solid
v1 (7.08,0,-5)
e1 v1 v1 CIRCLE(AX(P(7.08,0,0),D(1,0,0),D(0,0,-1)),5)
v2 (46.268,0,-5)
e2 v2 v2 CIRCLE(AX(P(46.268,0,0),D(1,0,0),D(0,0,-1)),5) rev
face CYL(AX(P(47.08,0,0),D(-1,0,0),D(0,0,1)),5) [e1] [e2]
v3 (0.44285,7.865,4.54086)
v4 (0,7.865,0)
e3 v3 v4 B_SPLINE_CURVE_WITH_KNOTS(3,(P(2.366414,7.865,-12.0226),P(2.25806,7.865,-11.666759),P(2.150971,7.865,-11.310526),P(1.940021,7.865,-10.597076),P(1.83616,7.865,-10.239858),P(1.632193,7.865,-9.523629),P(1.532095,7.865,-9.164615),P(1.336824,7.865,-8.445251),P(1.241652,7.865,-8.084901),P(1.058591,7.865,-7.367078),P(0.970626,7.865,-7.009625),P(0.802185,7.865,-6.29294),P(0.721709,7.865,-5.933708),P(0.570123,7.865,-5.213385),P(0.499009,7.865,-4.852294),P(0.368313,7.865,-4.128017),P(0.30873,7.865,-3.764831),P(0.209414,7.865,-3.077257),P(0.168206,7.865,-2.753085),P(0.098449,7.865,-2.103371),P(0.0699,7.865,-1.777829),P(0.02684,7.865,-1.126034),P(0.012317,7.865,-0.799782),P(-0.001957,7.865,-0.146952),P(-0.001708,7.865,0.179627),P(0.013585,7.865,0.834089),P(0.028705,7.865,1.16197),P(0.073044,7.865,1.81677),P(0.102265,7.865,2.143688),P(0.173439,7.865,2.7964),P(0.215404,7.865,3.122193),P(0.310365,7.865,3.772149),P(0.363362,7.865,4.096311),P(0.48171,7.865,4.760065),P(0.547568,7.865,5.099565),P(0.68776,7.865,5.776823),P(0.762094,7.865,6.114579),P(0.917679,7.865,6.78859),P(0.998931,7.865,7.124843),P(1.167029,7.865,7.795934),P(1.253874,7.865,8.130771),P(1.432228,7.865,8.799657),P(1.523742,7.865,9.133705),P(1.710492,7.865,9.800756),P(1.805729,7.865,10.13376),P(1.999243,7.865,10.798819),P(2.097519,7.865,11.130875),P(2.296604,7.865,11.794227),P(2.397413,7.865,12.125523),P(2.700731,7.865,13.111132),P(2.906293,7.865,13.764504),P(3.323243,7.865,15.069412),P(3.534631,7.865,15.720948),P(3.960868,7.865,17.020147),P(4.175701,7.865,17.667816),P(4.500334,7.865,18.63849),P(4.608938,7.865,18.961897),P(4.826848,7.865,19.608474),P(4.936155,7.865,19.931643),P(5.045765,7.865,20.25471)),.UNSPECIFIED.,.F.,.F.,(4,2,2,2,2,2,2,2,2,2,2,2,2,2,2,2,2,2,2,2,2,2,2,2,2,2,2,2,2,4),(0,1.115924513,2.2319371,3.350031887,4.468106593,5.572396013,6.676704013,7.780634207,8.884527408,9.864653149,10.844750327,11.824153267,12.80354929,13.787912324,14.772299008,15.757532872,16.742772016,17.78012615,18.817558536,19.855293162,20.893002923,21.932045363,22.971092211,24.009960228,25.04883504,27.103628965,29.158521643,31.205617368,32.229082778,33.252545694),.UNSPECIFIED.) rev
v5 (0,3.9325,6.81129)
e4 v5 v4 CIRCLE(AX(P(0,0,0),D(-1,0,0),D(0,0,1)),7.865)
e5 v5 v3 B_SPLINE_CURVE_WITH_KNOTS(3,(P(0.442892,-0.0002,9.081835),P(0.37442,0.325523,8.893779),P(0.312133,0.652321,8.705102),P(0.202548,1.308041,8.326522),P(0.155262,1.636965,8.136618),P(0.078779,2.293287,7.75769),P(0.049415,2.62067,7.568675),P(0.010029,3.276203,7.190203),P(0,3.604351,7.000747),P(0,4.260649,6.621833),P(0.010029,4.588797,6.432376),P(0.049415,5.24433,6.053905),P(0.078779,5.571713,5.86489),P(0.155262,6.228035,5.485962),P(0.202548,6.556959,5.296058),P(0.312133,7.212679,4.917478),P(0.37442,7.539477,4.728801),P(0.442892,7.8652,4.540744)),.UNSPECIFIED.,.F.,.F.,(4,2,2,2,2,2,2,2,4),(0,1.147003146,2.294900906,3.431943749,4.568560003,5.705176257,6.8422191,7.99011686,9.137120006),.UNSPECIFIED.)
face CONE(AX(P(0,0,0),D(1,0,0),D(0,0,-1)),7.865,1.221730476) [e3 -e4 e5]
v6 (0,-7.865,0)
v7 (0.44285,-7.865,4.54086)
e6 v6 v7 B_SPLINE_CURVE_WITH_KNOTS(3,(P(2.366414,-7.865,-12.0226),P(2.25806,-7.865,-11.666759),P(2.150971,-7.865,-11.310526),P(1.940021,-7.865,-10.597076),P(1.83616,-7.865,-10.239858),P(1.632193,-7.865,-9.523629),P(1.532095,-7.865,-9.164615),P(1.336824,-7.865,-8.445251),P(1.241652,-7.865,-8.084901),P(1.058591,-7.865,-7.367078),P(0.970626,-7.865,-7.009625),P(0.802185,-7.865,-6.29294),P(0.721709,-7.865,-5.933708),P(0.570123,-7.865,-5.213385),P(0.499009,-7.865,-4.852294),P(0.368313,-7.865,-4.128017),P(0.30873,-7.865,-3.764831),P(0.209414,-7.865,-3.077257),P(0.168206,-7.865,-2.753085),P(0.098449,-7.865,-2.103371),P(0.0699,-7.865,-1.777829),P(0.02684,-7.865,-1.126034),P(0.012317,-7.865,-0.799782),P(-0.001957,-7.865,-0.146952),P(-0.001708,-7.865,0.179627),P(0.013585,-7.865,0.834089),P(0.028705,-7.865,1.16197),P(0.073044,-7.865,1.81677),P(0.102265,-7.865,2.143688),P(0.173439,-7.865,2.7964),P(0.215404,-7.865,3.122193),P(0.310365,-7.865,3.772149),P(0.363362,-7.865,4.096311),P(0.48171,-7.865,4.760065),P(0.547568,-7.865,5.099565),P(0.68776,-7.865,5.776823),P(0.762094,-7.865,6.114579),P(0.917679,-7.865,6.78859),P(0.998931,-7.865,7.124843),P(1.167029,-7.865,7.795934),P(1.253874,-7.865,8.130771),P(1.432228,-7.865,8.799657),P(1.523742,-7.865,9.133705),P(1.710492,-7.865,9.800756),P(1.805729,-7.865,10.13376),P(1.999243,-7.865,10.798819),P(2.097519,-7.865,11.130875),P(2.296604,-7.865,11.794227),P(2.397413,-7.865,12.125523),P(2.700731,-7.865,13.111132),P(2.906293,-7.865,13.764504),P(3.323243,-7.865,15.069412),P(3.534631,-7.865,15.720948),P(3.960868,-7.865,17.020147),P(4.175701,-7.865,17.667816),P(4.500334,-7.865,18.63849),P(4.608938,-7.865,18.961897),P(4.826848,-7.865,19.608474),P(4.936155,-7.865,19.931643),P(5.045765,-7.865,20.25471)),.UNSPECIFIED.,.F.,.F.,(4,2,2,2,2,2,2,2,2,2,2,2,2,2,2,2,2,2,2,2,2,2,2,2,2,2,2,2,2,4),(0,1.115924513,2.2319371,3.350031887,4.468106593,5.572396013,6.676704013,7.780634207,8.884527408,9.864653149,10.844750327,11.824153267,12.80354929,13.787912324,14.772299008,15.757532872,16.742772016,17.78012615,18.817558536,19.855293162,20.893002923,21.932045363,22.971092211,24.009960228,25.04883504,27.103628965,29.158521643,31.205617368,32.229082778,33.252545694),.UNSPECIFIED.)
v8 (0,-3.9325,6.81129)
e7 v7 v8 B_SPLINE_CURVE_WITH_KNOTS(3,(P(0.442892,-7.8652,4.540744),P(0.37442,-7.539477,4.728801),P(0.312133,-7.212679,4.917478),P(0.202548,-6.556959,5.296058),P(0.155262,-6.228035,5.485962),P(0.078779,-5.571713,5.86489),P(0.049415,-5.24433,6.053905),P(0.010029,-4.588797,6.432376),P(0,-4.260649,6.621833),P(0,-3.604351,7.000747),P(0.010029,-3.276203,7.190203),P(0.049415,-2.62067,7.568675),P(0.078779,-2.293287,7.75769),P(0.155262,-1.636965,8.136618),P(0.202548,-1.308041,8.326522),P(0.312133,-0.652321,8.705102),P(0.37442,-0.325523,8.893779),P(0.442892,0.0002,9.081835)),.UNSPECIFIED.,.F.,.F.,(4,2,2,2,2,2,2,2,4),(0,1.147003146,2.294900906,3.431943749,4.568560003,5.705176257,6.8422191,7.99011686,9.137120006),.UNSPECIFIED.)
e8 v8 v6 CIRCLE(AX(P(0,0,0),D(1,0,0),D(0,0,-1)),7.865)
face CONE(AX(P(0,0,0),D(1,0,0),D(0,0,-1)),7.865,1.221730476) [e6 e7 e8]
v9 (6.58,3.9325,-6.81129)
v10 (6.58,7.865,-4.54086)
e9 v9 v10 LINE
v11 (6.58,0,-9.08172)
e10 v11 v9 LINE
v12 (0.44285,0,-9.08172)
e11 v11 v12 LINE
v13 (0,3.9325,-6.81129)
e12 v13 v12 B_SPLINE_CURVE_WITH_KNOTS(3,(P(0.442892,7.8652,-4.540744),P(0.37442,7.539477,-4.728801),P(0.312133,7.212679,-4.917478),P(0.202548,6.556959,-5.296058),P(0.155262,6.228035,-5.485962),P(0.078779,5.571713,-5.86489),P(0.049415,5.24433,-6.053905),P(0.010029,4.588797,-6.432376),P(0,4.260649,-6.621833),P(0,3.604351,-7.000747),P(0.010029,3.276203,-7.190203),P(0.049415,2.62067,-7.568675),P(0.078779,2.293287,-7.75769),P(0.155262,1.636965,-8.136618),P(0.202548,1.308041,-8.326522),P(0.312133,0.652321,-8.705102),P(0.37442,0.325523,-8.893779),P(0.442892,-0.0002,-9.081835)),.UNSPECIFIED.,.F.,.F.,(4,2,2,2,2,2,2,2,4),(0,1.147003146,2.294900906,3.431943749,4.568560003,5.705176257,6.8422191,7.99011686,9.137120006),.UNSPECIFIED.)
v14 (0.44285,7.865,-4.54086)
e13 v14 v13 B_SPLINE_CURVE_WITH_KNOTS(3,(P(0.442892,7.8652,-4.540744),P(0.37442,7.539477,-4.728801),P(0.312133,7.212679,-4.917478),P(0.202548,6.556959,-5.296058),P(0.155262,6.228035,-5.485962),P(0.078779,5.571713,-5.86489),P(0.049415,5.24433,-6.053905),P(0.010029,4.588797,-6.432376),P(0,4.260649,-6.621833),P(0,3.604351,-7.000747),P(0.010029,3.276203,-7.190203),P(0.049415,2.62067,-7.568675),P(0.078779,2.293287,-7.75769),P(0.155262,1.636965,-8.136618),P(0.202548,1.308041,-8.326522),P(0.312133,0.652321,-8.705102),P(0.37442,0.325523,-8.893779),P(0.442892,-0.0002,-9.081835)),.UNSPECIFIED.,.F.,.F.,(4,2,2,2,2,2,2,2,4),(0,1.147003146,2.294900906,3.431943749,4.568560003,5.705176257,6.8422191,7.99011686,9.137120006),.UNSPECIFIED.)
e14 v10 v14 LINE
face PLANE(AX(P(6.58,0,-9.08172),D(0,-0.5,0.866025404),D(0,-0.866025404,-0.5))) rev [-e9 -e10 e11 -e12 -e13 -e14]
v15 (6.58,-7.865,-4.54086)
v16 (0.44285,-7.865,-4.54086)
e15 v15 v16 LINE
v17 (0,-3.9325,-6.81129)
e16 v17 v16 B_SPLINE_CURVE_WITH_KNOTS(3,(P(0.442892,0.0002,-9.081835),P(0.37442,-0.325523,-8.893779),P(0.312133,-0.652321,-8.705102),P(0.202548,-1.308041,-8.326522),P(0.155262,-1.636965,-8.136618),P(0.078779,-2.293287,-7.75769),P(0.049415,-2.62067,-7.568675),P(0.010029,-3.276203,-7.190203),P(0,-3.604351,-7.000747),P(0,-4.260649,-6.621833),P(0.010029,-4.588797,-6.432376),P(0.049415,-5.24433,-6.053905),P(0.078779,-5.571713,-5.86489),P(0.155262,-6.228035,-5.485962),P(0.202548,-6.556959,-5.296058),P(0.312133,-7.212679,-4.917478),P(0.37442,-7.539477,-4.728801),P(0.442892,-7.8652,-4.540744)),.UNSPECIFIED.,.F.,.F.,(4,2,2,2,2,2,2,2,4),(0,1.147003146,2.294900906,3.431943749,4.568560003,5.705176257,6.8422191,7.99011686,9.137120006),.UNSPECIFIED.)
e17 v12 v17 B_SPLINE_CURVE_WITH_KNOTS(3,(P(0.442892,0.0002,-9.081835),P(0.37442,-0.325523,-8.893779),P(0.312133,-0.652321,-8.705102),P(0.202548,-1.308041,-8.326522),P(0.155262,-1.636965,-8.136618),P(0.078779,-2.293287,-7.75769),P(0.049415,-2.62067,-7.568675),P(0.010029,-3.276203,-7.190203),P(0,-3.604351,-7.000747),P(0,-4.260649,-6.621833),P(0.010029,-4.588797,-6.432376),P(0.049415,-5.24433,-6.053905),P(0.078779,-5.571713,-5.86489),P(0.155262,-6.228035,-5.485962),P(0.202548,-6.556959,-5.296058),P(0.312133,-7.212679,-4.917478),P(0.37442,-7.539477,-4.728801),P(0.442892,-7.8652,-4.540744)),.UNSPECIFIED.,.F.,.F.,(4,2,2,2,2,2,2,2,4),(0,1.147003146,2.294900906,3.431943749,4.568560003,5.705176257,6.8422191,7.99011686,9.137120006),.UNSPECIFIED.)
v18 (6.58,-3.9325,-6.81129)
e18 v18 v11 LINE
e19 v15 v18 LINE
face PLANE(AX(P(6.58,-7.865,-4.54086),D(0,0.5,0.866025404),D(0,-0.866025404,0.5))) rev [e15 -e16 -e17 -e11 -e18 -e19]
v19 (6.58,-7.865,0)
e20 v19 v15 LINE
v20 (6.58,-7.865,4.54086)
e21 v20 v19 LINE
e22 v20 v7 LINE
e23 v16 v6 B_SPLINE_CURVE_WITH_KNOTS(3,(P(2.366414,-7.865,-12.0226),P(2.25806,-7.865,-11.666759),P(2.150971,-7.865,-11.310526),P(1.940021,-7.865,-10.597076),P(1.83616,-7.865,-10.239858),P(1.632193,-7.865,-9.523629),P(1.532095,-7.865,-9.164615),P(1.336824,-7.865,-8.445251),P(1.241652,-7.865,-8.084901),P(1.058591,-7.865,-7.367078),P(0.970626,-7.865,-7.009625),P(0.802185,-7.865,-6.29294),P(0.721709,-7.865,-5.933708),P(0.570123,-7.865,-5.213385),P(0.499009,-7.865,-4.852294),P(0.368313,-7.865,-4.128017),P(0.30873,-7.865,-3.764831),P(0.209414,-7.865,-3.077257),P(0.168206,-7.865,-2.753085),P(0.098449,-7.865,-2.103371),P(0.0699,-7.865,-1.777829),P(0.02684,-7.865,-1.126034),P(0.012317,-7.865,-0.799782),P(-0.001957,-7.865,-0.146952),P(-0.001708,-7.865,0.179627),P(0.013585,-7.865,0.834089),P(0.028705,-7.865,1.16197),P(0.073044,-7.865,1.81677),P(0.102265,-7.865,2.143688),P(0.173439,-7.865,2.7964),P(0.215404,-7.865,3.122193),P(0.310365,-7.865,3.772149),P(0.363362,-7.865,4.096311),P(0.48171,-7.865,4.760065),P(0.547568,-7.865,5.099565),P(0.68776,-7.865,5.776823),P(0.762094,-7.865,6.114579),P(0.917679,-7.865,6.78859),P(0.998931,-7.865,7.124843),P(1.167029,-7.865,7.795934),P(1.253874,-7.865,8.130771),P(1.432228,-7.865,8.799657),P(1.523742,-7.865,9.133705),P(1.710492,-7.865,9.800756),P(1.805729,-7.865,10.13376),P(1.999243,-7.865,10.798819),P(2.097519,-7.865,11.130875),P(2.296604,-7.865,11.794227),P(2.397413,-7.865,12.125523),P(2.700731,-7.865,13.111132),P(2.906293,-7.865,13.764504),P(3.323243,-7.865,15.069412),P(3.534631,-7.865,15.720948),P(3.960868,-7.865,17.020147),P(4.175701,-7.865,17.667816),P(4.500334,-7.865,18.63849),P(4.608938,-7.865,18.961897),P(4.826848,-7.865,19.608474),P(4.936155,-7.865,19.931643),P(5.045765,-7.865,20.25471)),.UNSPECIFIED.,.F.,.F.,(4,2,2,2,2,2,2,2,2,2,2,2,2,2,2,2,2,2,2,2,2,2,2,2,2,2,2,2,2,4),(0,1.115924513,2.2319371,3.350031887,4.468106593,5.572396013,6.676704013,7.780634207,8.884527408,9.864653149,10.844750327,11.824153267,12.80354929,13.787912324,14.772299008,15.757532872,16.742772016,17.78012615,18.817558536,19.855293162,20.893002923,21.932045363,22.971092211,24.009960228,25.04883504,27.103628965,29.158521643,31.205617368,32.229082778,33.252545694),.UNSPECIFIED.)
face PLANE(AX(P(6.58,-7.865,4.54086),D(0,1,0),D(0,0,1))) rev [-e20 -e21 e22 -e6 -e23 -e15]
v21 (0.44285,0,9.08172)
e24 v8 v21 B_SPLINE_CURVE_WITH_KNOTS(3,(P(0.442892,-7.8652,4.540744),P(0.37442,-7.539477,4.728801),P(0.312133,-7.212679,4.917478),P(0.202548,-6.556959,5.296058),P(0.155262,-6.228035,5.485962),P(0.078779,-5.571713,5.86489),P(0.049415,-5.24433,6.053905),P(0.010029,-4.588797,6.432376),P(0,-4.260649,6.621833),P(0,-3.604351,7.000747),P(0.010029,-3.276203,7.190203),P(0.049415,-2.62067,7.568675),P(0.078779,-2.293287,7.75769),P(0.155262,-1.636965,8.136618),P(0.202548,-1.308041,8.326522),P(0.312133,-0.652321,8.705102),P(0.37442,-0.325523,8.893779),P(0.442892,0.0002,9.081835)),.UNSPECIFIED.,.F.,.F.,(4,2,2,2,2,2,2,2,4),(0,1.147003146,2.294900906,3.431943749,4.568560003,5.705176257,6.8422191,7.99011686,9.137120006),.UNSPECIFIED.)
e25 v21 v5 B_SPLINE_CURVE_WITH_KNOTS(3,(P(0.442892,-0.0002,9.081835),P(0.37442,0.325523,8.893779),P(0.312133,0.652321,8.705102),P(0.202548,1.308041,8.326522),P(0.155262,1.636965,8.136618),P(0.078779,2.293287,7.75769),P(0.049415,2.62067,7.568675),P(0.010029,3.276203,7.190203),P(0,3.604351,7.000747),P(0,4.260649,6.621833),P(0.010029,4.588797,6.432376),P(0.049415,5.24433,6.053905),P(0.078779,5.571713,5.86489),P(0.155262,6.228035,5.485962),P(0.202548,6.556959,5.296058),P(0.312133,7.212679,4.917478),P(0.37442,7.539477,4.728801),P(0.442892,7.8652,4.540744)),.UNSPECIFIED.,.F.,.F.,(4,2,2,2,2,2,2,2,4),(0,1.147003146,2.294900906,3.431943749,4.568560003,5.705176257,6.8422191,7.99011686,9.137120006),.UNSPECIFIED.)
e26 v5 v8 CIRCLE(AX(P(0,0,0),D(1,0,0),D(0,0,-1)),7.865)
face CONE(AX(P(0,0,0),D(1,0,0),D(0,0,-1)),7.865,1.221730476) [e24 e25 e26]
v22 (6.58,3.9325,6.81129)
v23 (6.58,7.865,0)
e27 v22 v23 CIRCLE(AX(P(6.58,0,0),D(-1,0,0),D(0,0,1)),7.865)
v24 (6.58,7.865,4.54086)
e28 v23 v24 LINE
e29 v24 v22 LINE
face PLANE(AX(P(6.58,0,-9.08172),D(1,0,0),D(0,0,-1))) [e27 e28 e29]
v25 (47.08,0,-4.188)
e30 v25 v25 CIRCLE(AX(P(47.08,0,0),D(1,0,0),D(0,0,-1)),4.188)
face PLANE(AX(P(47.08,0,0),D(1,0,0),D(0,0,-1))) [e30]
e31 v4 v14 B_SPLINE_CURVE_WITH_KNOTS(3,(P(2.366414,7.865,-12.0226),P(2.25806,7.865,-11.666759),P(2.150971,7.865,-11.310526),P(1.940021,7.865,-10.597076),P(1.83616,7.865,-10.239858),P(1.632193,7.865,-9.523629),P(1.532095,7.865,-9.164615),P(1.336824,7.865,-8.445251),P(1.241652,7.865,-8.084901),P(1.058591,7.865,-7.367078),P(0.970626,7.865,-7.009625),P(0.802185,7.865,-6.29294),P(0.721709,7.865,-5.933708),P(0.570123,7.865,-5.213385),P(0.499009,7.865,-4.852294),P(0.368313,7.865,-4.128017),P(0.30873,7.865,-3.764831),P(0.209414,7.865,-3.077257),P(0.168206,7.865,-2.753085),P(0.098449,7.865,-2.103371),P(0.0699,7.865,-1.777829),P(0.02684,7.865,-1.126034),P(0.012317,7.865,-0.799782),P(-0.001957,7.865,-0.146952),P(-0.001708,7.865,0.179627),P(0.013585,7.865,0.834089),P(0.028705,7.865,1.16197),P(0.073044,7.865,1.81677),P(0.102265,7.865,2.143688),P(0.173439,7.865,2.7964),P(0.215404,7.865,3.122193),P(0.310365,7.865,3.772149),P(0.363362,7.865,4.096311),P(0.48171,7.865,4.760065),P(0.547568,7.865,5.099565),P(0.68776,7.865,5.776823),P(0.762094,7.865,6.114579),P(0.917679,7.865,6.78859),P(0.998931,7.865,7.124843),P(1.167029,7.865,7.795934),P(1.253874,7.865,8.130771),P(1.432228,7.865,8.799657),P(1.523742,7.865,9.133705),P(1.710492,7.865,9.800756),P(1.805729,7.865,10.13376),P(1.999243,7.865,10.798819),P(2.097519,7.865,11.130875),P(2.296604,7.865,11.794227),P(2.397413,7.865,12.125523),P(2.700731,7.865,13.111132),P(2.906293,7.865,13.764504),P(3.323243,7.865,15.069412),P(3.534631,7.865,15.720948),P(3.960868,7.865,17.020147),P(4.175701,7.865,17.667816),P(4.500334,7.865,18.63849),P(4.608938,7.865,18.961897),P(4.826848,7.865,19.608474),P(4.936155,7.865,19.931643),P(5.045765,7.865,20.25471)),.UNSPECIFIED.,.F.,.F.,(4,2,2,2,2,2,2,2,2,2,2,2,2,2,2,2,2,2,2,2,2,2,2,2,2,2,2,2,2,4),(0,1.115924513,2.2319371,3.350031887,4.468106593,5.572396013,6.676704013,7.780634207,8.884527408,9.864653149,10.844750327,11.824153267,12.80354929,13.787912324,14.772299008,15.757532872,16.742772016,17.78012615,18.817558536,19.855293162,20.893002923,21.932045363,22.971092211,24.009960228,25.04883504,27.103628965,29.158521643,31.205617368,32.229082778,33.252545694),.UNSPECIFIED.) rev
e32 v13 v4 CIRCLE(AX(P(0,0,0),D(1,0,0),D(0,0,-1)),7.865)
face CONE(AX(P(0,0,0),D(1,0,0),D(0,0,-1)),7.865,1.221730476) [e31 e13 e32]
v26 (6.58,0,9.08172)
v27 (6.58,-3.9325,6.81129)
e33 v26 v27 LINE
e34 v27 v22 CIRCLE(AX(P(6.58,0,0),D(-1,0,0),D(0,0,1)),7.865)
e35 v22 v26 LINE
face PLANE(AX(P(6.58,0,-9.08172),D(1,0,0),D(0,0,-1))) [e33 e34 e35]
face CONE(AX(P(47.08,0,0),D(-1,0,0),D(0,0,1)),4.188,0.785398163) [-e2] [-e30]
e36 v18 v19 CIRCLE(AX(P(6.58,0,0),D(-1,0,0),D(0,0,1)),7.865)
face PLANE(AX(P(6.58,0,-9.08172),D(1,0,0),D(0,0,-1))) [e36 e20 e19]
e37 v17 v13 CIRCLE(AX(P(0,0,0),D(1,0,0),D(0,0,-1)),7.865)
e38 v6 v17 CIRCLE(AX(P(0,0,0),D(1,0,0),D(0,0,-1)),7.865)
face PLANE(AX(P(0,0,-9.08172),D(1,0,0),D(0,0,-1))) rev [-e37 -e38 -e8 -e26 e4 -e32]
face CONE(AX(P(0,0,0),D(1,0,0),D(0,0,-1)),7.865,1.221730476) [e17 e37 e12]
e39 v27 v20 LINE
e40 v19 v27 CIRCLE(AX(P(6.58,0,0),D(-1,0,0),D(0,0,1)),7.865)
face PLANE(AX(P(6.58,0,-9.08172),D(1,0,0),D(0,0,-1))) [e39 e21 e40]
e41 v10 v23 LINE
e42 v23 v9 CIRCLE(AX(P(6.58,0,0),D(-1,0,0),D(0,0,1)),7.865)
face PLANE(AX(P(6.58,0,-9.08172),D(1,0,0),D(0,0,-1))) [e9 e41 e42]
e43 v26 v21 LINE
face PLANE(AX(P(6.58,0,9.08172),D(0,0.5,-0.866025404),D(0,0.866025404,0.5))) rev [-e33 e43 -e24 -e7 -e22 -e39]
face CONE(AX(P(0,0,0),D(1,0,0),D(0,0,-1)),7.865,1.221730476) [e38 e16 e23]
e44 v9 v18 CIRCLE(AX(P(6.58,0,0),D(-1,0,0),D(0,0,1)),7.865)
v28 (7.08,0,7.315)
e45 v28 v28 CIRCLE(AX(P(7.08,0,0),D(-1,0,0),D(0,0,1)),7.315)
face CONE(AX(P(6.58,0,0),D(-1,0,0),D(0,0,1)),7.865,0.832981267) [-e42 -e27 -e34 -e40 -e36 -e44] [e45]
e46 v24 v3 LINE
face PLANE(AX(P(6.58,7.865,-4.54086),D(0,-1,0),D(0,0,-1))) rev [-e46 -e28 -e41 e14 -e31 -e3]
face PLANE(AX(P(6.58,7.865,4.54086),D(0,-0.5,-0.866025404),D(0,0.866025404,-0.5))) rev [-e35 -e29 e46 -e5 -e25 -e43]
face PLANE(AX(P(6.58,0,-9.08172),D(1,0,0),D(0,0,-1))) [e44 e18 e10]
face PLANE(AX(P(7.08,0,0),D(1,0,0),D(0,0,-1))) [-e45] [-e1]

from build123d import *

# Parameters (mm, degrees)
BASEHEAD_DEPTH = 6.58
SKETCH3_R      = 5
BASEBODY_DEPTH = 40
CHAMFER1_SIZE  = 0.812


with BuildPart() as part:
    # Sketch-BaseHead → BaseHead (new body)
    with BuildSketch(Plane(origin=(0, 0, 0), x_dir=(0, 0, -1), z_dir=(1, 0, 0))):
        Polygon((9.081719734, 0), (4.540859867, 7.865), (-4.540859867, 7.865), (-9.081719734, 0), (-4.540859867, -7.865), (4.540859867, -7.865), align=None)
    extrude(amount=BASEHEAD_DEPTH)

    # Sketch4 → HeadChamfer (revolve, cut)
    with BuildSketch(Plane(origin=(-0.264637255, 0, 5.916896391), x_dir=(0, 0, -1), z_dir=(0, 1, 0))):
        Polygon((14.998616125, -0.264637255), (13.781896391, -0.264637255), (14.998616125, -0.707487022), align=None)
    revolve(axis=Axis((-4.001564945, 0, 0), (1, 0, 0)), mode=Mode.SUBTRACT)

    # Sketch1 → Revolve1 (revolve)
    with BuildSketch(Plane.XY):
        Polygon((6.58, 0), (7.08, 0), (7.08, -7.315), (6.58, -7.865), align=None)
    revolve(axis=Axis((-4.001564945, 0, 0), (1, 0, 0)))

    # Sketch3 → BaseBody (add)
    with BuildSketch(Plane(origin=(7.08, 0, 0), x_dir=(0, 0, -1), z_dir=(1, 0, 0))):
        Circle(SKETCH3_R)
    extrude(amount=BASEBODY_DEPTH)

    # Chamfer1
    chamfer1_edges = [part.edges().sort_by_distance(p)[0] for p in [
        (47.08, 0, 5),
    ]]
    chamfer(chamfer1_edges, length=CHAMFER1_SIZE)


solid = part.part
